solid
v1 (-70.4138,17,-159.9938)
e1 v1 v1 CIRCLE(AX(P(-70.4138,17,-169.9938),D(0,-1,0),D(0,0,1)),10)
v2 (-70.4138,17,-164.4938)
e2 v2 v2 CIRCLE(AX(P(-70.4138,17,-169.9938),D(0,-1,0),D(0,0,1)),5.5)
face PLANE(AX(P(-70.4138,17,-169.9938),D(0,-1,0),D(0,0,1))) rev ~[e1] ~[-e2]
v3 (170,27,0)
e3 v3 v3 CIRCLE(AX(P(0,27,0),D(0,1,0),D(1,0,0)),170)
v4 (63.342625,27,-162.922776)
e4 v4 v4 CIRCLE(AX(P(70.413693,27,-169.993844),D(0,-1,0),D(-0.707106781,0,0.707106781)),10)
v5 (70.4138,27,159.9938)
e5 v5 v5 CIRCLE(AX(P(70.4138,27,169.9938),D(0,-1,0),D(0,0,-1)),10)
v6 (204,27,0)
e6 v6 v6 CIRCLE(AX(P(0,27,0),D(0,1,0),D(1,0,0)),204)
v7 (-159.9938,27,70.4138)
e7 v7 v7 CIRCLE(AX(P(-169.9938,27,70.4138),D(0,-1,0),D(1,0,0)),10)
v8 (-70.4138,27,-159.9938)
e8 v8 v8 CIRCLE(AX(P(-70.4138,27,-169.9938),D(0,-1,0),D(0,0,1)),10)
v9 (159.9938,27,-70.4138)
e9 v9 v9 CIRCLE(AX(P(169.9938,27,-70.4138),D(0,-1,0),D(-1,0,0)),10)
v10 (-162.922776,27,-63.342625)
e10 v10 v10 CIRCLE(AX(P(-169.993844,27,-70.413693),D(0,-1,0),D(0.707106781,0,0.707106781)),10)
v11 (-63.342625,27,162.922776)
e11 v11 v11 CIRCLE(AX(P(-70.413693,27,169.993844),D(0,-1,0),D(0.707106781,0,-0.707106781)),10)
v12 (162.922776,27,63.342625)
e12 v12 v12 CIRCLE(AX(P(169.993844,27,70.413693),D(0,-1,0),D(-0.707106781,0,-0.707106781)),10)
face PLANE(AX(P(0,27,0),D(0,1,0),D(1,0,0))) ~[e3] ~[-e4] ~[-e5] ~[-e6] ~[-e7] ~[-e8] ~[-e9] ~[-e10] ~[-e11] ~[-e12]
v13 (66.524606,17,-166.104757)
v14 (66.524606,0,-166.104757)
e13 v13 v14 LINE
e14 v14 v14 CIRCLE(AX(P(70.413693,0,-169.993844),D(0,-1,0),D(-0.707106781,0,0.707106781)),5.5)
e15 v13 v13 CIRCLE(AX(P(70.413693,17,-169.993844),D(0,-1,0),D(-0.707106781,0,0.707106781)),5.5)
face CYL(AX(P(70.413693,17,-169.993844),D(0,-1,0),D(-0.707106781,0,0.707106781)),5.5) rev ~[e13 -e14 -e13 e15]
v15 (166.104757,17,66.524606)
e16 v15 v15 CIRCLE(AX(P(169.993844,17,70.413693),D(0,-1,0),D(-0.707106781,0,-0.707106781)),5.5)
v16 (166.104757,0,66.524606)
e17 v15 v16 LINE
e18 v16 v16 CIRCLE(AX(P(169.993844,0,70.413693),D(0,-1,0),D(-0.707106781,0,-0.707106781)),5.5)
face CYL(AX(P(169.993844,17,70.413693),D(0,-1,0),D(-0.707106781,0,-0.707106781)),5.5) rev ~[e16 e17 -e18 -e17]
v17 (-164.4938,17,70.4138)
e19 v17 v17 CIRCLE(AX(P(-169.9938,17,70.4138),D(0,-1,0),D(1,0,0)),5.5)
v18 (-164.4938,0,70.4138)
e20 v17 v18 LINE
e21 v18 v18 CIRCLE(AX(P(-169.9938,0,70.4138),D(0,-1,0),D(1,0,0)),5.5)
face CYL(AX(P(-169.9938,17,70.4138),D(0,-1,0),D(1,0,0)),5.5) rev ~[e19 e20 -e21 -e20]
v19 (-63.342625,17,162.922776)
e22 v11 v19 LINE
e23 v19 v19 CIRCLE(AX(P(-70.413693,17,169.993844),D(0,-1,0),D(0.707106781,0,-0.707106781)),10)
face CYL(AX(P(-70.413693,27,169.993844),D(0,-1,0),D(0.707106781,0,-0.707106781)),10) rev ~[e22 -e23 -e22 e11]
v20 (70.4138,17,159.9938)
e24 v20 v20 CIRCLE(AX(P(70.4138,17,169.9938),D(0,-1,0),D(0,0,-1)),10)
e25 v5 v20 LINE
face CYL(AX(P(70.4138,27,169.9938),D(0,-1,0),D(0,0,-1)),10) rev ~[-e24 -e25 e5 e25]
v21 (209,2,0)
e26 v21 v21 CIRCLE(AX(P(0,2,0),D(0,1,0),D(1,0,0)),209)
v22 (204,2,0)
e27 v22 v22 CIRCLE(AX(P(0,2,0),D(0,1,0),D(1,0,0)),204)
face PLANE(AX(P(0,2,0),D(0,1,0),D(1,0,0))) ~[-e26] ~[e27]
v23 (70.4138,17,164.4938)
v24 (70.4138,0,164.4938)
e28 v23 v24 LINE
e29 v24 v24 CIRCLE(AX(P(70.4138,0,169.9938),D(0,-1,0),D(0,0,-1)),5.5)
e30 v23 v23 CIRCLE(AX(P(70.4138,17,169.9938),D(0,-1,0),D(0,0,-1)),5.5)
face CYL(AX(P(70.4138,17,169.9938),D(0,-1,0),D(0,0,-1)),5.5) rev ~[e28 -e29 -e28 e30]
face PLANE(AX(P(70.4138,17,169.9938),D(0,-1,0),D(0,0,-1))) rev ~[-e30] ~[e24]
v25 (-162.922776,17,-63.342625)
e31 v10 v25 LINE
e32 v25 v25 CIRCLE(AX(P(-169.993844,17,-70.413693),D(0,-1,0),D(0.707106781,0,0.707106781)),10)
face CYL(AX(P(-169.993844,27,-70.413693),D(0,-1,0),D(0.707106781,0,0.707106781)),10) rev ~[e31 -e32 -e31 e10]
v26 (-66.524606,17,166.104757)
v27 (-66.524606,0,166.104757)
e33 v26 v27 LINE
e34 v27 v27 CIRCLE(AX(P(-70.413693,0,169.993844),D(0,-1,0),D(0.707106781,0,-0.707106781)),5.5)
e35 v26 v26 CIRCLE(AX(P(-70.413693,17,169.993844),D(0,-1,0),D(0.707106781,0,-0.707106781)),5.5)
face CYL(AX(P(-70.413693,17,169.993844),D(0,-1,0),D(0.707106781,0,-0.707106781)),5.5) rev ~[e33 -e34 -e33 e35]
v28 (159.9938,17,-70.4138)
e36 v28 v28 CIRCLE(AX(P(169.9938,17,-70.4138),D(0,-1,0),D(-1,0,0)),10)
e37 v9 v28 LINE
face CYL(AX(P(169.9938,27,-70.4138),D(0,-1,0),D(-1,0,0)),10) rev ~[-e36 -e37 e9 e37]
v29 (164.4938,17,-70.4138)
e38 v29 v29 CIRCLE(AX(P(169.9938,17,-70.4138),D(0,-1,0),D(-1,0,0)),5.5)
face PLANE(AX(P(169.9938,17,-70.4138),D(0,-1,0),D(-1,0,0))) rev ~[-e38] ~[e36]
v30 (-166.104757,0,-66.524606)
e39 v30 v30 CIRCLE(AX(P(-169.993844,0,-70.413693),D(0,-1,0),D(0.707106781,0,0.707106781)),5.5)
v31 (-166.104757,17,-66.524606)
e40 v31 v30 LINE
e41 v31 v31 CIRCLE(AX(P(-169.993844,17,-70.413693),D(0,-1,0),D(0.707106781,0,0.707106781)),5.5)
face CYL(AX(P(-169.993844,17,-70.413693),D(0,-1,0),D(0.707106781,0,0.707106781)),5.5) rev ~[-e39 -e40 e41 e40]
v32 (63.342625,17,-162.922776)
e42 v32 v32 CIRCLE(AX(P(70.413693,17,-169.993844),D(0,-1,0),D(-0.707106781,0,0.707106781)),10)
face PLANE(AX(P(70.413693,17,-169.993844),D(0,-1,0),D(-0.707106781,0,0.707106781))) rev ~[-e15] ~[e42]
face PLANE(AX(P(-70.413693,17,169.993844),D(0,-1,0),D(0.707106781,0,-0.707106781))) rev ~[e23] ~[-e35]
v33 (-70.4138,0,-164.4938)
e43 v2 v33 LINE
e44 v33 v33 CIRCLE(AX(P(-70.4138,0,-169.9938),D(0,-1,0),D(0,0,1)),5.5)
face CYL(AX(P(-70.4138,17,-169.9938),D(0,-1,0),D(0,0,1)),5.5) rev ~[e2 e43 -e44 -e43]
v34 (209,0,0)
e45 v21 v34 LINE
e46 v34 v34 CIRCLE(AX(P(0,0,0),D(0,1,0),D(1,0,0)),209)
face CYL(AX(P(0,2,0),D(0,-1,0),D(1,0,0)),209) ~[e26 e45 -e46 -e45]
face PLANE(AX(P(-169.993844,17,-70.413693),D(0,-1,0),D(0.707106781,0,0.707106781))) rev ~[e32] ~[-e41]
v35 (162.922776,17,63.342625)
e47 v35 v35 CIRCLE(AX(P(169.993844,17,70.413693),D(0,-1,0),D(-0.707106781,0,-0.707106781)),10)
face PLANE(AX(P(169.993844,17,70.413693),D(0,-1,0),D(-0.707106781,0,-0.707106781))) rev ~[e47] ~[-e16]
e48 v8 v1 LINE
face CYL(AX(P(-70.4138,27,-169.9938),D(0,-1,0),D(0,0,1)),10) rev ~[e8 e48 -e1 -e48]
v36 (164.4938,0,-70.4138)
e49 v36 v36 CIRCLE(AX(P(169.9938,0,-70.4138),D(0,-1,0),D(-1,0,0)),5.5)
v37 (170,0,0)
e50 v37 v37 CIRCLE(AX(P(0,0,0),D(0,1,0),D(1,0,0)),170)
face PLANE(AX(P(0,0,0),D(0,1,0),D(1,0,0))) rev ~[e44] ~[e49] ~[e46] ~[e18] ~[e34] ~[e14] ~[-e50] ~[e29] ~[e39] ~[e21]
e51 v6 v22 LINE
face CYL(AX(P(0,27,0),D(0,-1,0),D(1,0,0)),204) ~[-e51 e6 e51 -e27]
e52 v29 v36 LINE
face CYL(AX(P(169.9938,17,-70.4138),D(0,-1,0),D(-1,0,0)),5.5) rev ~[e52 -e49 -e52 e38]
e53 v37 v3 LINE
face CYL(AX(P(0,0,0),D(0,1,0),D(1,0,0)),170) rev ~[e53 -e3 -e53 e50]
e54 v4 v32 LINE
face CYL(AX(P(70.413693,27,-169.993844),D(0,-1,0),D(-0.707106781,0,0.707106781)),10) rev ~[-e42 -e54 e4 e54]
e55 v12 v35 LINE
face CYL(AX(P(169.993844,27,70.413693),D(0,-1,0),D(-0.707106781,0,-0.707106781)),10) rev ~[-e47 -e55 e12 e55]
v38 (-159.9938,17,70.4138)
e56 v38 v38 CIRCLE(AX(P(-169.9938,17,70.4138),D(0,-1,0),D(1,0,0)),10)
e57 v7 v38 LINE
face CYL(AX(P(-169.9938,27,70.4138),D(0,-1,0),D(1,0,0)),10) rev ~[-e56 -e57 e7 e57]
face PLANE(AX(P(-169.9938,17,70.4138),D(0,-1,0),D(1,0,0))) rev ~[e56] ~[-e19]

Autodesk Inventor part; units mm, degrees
ref_plane "YZ Plane" through (0, 0, 0) normal (1, 0, 0) x (0, 1, 0)
ref_plane "XZ Plane" through (0, 0, 0) normal (0, 1, 0) x (-1, 0, 0)
ref_plane "XY Plane" through (0, 0, 0) normal (0, 0, 1) x (1, 0, 0)
sketch "Sketch5" plane through (0, 0, 0) normal (0, 0, 1) x (1, 0, 0)
  line L0 (0, 0) -> (0, 27)
  line L1 (170, 0) -> (170, 27)
  line L2 (170, 27) -> (204, 27)
  line L3 (204, 27) -> (204, 2)
  line L4 (204, 2) -> (209, 2)
  line L5 (209, 2) -> (209, 0)
  line L6 (209, 0) -> (170, 0)
  point P0 (189.5, 0)
  dimension "d16" = 340
  dimension "d17" = 408
  dimension "d19" = 25
  dimension "d20" = 2
  dimension "d21" = 5
revolve "Revolution1" add sketch "Sketch5" angle 360 about axis through (0, 0, 0) along (0, 1, 0)
sketch "Sketch6" plane through (0, 27, 0) normal (0, 1, 0) x (1, 0, 0)
  circle A0 centre (0, 0) radius 184
  line L0 (0, 0) -> (-70.4138, 169.9938)
  line L1 (0, 0) -> (0, 184)
  dimension "d23" = 368
  dimension "d34" = 22.5
hole "Hole1" at (-70.4138, 27, -169.9938) direction (0, -1, 0) diameter 11 end through all counterbore diameter 20 counterbore depth 10
pattern_circular "Circular Pattern2" count 8 over 360 about axis through (0, -10, 0) along (0, 1, 0) of "Hole1"
sketch "Sketch7" plane through (0, 0, 0) normal (0, 1, 0) x (-1, 0, 0)
  circle A0 centre (0, 0) radius 209 projected
  circle A1 centre (0, 0) radius 170 projected
  line L0 (0, 0) -> (0, -209)
  line L1 (0, 0) -> (-209, 0)
  point P0 (-170, 0)
  point P1 (0, -170)
  dimension "d35" = 90
extrude "Extrusion5" [suppressed]
equation "\"d29\" = Thickness"
equation "\"Thickness\" = 40"
properties part number "DMF 01 33 Барабан Опорное кольцо КОРМА v2.5"
